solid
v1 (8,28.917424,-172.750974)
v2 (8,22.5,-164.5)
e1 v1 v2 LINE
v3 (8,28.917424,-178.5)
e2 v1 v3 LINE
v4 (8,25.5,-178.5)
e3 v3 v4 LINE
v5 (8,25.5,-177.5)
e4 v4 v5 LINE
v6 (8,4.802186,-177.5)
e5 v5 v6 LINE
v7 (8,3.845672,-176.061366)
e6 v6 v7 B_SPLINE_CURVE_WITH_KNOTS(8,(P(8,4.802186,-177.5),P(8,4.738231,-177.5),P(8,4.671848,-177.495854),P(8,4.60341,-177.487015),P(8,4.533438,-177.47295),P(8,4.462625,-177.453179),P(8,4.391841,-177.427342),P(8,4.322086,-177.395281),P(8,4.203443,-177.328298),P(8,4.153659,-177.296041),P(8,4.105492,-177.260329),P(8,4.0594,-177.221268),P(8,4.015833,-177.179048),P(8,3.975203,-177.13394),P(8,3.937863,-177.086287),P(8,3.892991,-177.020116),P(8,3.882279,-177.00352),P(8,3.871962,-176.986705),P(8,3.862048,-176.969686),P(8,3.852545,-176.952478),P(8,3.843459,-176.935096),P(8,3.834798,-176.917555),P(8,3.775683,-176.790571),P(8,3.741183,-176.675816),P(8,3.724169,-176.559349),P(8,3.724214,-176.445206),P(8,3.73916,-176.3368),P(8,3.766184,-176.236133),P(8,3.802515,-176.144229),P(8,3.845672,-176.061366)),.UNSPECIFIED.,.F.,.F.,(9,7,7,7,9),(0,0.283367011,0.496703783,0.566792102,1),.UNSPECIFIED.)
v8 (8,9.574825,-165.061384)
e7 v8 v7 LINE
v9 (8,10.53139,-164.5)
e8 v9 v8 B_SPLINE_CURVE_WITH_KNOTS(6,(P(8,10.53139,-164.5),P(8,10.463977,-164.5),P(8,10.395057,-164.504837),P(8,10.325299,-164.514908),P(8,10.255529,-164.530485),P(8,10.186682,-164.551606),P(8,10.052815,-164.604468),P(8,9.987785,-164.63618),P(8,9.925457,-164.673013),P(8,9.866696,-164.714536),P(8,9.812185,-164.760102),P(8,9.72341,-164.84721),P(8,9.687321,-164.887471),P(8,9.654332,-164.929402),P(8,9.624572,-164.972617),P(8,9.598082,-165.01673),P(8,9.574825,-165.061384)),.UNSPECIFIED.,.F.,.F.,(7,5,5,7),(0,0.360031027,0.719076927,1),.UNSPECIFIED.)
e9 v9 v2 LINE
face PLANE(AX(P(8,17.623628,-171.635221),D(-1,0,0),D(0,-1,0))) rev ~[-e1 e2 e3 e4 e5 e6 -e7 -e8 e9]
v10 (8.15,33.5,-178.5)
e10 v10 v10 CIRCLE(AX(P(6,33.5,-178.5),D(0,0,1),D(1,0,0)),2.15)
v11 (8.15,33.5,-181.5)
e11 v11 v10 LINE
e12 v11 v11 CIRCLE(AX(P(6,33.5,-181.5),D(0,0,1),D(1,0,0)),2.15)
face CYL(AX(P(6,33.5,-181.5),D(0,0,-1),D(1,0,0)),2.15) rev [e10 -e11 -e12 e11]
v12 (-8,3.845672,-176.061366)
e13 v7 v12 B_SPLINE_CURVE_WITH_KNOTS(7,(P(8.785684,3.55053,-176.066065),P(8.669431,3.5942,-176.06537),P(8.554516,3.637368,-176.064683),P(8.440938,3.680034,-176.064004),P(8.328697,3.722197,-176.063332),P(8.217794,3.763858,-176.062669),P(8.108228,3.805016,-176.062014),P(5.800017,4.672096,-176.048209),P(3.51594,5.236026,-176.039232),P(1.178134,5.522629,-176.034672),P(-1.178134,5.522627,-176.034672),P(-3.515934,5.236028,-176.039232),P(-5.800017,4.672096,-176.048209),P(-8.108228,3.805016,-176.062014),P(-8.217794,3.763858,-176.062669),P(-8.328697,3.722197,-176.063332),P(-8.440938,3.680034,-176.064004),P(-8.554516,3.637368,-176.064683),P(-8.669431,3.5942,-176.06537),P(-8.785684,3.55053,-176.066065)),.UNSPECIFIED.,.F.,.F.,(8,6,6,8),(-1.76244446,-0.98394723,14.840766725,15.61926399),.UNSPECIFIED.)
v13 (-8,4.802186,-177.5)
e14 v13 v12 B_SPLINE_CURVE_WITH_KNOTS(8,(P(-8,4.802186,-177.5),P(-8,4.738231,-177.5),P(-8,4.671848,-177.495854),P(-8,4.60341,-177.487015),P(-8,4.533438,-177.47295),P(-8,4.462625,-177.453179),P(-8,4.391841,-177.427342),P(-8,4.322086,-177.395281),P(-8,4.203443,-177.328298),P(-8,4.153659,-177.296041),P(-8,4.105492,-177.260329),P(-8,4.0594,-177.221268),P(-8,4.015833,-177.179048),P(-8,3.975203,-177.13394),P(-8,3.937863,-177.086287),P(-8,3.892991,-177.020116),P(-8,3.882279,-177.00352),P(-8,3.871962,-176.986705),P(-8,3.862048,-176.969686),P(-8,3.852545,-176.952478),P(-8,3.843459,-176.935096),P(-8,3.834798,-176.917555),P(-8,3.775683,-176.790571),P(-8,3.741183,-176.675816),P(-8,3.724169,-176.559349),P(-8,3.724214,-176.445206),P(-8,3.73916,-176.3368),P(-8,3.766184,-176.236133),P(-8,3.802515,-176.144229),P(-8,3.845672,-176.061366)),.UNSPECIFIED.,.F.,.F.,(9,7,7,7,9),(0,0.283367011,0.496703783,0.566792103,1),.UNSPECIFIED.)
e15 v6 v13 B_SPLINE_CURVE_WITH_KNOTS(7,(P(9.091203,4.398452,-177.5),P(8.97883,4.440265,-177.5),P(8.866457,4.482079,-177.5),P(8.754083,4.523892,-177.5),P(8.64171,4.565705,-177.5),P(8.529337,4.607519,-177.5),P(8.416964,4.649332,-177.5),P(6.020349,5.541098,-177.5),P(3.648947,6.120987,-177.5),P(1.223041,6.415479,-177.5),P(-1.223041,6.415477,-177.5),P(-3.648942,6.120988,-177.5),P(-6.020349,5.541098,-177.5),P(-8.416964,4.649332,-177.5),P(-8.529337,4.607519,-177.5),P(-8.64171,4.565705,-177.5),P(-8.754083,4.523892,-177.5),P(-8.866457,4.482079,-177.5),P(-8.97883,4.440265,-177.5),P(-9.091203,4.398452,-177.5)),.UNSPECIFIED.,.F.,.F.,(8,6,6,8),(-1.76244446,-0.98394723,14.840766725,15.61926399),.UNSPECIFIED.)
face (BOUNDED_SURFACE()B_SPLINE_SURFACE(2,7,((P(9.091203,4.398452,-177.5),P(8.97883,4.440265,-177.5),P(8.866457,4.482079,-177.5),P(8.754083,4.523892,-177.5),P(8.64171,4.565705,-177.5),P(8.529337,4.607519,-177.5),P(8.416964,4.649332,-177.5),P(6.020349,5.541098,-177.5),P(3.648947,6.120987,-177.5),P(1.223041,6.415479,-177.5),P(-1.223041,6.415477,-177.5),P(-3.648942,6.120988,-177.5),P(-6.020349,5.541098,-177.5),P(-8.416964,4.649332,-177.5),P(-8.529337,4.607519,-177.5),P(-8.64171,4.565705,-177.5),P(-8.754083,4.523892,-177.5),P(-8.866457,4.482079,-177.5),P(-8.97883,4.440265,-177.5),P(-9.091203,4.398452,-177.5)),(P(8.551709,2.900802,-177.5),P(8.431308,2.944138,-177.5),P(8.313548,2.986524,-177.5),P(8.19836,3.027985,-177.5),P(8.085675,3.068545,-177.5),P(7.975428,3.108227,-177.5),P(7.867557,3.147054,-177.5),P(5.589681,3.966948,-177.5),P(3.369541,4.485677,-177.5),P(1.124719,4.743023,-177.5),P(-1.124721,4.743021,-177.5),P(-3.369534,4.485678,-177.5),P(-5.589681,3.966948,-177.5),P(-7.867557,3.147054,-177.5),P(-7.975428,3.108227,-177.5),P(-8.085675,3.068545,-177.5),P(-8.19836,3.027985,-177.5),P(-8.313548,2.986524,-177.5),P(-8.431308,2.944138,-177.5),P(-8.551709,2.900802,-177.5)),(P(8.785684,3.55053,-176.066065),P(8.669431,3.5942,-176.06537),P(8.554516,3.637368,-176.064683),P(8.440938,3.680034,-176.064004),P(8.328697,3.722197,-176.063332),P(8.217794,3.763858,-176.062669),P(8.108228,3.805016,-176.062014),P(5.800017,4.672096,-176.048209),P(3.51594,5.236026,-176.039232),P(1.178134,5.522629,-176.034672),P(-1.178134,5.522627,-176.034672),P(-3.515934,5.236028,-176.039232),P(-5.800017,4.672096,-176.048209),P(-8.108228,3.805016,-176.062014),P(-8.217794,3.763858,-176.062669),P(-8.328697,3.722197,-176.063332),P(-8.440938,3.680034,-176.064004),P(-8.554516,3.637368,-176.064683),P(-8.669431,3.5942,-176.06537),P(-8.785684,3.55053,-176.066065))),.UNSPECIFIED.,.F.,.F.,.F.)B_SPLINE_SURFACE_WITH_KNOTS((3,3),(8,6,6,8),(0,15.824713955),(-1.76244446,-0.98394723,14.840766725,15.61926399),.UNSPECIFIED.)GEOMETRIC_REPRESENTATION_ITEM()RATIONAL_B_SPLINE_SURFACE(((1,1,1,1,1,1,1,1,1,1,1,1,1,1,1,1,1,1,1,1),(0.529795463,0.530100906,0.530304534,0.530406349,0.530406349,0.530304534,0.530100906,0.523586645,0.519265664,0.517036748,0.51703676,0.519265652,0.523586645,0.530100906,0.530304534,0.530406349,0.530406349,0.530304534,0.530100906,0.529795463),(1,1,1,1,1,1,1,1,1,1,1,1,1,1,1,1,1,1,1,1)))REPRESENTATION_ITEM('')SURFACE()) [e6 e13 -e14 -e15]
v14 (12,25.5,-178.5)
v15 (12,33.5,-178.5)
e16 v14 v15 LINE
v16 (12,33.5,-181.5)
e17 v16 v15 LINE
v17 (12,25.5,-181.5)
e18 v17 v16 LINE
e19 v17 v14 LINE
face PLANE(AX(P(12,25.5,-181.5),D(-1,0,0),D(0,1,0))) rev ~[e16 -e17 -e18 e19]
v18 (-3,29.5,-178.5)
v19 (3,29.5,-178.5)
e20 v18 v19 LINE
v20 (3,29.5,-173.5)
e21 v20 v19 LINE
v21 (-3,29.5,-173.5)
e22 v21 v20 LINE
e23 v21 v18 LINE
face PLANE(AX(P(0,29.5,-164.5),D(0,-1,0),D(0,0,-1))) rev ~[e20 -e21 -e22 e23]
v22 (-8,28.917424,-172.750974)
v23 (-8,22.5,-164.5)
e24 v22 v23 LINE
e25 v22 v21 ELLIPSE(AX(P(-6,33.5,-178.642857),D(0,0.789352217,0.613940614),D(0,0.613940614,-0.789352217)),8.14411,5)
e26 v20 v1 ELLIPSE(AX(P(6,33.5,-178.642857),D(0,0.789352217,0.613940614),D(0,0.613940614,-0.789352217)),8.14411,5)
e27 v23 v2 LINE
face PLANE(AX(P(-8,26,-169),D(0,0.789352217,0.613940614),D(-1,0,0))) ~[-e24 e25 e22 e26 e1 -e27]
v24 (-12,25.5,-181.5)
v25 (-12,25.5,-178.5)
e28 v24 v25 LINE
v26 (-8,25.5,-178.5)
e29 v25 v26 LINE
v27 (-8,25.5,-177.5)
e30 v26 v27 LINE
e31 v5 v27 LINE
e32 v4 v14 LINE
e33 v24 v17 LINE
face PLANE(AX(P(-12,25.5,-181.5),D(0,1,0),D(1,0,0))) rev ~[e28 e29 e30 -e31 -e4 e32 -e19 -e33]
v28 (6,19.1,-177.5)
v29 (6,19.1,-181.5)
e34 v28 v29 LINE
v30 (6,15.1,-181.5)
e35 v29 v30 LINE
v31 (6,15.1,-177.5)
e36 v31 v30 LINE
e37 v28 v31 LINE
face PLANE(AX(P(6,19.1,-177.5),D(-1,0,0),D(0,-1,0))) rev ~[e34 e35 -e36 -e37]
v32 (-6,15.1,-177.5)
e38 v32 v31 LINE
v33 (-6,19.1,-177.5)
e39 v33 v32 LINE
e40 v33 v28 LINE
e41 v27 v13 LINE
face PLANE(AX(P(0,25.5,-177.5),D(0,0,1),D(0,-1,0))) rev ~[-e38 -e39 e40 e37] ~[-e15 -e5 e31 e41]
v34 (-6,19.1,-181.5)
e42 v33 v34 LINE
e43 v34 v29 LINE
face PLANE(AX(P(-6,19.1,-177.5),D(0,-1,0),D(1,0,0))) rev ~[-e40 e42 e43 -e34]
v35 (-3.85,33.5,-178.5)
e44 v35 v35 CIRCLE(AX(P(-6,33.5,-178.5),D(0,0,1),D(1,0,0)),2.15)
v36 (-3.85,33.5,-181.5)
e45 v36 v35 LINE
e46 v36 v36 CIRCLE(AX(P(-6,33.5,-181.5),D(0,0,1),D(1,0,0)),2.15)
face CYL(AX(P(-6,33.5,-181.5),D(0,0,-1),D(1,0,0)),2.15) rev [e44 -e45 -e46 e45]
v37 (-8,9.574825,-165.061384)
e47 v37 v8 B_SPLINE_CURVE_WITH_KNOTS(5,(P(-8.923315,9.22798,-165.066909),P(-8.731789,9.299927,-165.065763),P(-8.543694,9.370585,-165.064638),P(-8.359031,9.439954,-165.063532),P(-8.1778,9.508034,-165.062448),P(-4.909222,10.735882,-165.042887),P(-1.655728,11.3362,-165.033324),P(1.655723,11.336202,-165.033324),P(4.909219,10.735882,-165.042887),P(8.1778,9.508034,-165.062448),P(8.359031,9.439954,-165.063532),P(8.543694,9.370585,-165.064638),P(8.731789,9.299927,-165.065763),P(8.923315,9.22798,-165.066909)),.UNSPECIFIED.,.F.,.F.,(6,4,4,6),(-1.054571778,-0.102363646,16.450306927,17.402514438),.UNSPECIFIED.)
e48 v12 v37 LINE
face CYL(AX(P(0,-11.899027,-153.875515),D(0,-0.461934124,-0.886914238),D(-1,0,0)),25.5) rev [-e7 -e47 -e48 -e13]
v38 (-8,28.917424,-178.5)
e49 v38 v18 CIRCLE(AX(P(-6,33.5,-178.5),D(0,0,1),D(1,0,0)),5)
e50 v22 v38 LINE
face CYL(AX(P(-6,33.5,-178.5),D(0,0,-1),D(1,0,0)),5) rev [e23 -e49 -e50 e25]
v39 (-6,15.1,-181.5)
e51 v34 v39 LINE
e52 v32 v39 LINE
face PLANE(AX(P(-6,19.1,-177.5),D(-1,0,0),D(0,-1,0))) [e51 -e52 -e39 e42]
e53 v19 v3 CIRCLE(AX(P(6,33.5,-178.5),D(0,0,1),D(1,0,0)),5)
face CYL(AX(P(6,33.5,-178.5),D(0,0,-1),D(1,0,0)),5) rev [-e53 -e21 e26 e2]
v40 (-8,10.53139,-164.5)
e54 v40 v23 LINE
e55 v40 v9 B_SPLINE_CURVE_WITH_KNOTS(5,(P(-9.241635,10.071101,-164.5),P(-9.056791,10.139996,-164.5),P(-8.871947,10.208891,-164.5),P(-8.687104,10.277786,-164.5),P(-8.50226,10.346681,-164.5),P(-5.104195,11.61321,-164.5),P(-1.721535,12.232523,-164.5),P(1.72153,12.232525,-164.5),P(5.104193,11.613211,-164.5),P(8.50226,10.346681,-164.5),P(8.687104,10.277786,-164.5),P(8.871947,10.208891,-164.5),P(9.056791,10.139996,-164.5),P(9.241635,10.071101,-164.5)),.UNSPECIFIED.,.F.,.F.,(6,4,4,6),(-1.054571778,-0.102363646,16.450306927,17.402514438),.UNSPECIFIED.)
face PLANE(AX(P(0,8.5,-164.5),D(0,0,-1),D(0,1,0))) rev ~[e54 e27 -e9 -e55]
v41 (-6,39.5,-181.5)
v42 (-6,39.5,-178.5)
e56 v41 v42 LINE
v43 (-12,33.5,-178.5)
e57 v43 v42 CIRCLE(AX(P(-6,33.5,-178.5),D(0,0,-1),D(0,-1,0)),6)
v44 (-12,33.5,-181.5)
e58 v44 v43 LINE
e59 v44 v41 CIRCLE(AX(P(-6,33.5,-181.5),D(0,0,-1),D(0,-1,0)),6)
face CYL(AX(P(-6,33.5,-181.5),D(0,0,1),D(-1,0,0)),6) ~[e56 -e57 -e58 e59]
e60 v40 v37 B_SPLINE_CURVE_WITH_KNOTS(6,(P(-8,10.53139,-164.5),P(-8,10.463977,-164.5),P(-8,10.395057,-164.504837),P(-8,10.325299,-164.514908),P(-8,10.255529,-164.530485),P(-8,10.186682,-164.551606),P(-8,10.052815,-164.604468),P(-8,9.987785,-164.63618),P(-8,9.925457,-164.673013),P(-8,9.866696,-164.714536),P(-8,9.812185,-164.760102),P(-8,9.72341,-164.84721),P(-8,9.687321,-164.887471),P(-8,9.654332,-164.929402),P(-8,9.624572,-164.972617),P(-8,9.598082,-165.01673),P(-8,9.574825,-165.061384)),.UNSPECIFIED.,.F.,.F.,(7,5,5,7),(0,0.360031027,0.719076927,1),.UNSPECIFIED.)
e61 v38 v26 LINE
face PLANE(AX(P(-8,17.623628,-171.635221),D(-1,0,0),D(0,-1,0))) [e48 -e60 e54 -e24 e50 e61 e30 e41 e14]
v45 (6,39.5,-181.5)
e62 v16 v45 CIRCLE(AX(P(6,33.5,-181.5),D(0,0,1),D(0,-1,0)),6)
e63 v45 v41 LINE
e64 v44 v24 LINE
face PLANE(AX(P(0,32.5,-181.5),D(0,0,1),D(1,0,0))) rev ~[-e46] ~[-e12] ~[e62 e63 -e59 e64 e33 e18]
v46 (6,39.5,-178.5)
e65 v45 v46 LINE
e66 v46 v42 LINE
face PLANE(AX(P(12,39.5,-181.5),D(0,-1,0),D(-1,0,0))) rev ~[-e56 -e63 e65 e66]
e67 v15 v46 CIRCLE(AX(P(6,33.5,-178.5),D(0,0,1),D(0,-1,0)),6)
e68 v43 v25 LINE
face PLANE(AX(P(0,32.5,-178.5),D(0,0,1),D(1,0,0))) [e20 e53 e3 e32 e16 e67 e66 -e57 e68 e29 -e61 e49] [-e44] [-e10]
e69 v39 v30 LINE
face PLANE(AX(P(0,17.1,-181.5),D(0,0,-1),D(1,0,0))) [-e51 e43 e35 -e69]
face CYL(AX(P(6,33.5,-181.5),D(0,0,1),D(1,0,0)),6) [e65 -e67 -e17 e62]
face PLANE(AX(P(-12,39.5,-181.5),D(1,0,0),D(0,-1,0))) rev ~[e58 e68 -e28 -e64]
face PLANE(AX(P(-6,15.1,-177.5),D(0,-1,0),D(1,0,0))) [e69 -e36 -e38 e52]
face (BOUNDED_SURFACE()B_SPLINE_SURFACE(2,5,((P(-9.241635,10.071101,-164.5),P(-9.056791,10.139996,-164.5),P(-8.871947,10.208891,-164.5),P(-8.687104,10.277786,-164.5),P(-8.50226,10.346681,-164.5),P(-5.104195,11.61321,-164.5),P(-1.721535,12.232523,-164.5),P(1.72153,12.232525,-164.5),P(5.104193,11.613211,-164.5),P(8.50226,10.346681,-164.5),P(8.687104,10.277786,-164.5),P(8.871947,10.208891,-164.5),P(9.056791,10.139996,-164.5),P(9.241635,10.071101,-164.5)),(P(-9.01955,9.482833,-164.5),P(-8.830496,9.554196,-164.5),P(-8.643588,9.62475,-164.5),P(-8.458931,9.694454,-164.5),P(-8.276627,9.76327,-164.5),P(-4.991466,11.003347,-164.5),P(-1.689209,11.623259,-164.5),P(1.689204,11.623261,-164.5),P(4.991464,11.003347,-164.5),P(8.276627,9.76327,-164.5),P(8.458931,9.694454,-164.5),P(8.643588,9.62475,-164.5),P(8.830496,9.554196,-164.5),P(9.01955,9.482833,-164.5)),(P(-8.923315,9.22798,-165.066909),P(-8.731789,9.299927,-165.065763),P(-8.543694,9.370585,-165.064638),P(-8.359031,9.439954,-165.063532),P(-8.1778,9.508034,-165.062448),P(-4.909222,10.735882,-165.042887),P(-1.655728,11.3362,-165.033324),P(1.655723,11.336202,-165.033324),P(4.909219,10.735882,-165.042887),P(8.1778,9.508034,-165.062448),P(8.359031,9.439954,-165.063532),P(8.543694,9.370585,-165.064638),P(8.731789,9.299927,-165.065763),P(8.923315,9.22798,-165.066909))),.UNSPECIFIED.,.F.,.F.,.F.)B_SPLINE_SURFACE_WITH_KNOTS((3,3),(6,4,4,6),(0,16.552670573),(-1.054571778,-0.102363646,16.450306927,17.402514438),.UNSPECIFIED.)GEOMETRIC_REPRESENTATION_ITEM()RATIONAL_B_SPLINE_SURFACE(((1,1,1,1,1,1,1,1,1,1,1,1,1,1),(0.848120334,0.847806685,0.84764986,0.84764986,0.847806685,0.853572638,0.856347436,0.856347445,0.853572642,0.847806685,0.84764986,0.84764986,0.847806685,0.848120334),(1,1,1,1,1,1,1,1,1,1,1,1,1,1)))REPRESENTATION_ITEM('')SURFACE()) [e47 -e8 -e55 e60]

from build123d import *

# Parameters (mm, degrees)
SKETCH133_R          = 2.15
PAD070_DEPTH         = 3
PAD071_DEPTH         = 8
SKETCH135_R          = 25.5
POCKET019_DEPTH      = 17.388212
POCKET019_DEPTH_BACK = 14.320967
CHAMFER011_SIZE2     = 7
CHAMFER011_SIZE      = 9
SKETCH136_R          = 5
POCKET020_DEPTH      = 14.001
FILLET011_R          = 6
FILLET012_R          = 1
SKETCH137_W          = 12
SKETCH137_H          = 4
PAD072_DEPTH         = 4


with BuildPart() as part:
    # Sketch133 → Pad070 (new body)
    with BuildSketch(Plane.XY):
        Polygon((12, -6), (12, 6), (-12, 6), (-12, -6), (-12, -8), (12, -8), align=None)
        with Locations((6, 0)):
            Circle(SKETCH133_R, mode=Mode.SUBTRACT)
        with Locations((-6, 0)):
            Circle(SKETCH133_R, mode=Mode.SUBTRACT)
    extrude(amount=PAD070_DEPTH)

    # Sketch134 → Pad071 (join, symmetric)
    with BuildSketch(Plane.YZ):
        Polygon((-4, 3), (-8, 3), (-8, 4), (-30, 4), (-30, 7.4), (-25, 17), (-4, 17), align=None)
    extrude(amount=PAD071_DEPTH, both=True)

    # Sketch135 (on DatumPlane) → Pocket019 (cut, two sides)
    with BuildSketch(Plane(origin=(8, -25, 17), x_dir=(-1, 0, 0), z_dir=(0, 0.461934, 0.886914))) as pocket019_sk:
        with Locations((8, 23)):
            Circle(SKETCH135_R)
    extrude(amount=-POCKET019_DEPTH, mode=Mode.SUBTRACT)
    extrude(pocket019_sk.sketch, amount=POCKET019_DEPTH_BACK, mode=Mode.SUBTRACT)

    # Chamfer011
    chamfer011_edges = [part.edges().sort_by_distance(p)[0] for p in [
        (0, -4, 17),
    ]]
    chamfer011_side = part.faces().sort_by_distance((0, -4, 10))[0]
    chamfer(chamfer011_edges, length=CHAMFER011_SIZE, length2=CHAMFER011_SIZE2, reference=chamfer011_side)

    # Sketch136 (on Face7 of Chamfer011) → Pocket020 (cut, through all)
    with BuildSketch(Plane.XY.offset(3)):
        with Locations((-6, 0)):
            Circle(SKETCH136_R)
        with Locations((6, 0)):
            Circle(SKETCH136_R)
    extrude(amount=POCKET020_DEPTH, mode=Mode.SUBTRACT)

    # Fillet011
    fillet011_edges = [part.edges().sort_by_distance(p)[0] for p in [
        (-12, 6, 1.5),
        (12, 6, 1.5),
    ]]
    fillet(fillet011_edges, radius=FILLET011_R)

    # Fillet012
    fillet012_edges = [part.edges().sort_by_distance(p)[0] for p in [
        (0, -22.181238, 17),
        (0, -28.952071, 4),
    ]]
    fillet(fillet012_edges, radius=FILLET012_R)

    # Sketch137 (on Face2 of Fillet012) → Pad072 (join)
    with BuildSketch(Plane(origin=(0, 0, 4), x_dir=(1, 0, 0), z_dir=(0, 0, -1))):
        with Locations((0, 16.4)):
            Rectangle(SKETCH137_W, SKETCH137_H)
    extrude(amount=PAD072_DEPTH)


with BuildPart() as part_1:
    # Body031 placement: moved
    add(part.part.moved(Location((0, 33.5, -181.5))))


solid = part_1.part
